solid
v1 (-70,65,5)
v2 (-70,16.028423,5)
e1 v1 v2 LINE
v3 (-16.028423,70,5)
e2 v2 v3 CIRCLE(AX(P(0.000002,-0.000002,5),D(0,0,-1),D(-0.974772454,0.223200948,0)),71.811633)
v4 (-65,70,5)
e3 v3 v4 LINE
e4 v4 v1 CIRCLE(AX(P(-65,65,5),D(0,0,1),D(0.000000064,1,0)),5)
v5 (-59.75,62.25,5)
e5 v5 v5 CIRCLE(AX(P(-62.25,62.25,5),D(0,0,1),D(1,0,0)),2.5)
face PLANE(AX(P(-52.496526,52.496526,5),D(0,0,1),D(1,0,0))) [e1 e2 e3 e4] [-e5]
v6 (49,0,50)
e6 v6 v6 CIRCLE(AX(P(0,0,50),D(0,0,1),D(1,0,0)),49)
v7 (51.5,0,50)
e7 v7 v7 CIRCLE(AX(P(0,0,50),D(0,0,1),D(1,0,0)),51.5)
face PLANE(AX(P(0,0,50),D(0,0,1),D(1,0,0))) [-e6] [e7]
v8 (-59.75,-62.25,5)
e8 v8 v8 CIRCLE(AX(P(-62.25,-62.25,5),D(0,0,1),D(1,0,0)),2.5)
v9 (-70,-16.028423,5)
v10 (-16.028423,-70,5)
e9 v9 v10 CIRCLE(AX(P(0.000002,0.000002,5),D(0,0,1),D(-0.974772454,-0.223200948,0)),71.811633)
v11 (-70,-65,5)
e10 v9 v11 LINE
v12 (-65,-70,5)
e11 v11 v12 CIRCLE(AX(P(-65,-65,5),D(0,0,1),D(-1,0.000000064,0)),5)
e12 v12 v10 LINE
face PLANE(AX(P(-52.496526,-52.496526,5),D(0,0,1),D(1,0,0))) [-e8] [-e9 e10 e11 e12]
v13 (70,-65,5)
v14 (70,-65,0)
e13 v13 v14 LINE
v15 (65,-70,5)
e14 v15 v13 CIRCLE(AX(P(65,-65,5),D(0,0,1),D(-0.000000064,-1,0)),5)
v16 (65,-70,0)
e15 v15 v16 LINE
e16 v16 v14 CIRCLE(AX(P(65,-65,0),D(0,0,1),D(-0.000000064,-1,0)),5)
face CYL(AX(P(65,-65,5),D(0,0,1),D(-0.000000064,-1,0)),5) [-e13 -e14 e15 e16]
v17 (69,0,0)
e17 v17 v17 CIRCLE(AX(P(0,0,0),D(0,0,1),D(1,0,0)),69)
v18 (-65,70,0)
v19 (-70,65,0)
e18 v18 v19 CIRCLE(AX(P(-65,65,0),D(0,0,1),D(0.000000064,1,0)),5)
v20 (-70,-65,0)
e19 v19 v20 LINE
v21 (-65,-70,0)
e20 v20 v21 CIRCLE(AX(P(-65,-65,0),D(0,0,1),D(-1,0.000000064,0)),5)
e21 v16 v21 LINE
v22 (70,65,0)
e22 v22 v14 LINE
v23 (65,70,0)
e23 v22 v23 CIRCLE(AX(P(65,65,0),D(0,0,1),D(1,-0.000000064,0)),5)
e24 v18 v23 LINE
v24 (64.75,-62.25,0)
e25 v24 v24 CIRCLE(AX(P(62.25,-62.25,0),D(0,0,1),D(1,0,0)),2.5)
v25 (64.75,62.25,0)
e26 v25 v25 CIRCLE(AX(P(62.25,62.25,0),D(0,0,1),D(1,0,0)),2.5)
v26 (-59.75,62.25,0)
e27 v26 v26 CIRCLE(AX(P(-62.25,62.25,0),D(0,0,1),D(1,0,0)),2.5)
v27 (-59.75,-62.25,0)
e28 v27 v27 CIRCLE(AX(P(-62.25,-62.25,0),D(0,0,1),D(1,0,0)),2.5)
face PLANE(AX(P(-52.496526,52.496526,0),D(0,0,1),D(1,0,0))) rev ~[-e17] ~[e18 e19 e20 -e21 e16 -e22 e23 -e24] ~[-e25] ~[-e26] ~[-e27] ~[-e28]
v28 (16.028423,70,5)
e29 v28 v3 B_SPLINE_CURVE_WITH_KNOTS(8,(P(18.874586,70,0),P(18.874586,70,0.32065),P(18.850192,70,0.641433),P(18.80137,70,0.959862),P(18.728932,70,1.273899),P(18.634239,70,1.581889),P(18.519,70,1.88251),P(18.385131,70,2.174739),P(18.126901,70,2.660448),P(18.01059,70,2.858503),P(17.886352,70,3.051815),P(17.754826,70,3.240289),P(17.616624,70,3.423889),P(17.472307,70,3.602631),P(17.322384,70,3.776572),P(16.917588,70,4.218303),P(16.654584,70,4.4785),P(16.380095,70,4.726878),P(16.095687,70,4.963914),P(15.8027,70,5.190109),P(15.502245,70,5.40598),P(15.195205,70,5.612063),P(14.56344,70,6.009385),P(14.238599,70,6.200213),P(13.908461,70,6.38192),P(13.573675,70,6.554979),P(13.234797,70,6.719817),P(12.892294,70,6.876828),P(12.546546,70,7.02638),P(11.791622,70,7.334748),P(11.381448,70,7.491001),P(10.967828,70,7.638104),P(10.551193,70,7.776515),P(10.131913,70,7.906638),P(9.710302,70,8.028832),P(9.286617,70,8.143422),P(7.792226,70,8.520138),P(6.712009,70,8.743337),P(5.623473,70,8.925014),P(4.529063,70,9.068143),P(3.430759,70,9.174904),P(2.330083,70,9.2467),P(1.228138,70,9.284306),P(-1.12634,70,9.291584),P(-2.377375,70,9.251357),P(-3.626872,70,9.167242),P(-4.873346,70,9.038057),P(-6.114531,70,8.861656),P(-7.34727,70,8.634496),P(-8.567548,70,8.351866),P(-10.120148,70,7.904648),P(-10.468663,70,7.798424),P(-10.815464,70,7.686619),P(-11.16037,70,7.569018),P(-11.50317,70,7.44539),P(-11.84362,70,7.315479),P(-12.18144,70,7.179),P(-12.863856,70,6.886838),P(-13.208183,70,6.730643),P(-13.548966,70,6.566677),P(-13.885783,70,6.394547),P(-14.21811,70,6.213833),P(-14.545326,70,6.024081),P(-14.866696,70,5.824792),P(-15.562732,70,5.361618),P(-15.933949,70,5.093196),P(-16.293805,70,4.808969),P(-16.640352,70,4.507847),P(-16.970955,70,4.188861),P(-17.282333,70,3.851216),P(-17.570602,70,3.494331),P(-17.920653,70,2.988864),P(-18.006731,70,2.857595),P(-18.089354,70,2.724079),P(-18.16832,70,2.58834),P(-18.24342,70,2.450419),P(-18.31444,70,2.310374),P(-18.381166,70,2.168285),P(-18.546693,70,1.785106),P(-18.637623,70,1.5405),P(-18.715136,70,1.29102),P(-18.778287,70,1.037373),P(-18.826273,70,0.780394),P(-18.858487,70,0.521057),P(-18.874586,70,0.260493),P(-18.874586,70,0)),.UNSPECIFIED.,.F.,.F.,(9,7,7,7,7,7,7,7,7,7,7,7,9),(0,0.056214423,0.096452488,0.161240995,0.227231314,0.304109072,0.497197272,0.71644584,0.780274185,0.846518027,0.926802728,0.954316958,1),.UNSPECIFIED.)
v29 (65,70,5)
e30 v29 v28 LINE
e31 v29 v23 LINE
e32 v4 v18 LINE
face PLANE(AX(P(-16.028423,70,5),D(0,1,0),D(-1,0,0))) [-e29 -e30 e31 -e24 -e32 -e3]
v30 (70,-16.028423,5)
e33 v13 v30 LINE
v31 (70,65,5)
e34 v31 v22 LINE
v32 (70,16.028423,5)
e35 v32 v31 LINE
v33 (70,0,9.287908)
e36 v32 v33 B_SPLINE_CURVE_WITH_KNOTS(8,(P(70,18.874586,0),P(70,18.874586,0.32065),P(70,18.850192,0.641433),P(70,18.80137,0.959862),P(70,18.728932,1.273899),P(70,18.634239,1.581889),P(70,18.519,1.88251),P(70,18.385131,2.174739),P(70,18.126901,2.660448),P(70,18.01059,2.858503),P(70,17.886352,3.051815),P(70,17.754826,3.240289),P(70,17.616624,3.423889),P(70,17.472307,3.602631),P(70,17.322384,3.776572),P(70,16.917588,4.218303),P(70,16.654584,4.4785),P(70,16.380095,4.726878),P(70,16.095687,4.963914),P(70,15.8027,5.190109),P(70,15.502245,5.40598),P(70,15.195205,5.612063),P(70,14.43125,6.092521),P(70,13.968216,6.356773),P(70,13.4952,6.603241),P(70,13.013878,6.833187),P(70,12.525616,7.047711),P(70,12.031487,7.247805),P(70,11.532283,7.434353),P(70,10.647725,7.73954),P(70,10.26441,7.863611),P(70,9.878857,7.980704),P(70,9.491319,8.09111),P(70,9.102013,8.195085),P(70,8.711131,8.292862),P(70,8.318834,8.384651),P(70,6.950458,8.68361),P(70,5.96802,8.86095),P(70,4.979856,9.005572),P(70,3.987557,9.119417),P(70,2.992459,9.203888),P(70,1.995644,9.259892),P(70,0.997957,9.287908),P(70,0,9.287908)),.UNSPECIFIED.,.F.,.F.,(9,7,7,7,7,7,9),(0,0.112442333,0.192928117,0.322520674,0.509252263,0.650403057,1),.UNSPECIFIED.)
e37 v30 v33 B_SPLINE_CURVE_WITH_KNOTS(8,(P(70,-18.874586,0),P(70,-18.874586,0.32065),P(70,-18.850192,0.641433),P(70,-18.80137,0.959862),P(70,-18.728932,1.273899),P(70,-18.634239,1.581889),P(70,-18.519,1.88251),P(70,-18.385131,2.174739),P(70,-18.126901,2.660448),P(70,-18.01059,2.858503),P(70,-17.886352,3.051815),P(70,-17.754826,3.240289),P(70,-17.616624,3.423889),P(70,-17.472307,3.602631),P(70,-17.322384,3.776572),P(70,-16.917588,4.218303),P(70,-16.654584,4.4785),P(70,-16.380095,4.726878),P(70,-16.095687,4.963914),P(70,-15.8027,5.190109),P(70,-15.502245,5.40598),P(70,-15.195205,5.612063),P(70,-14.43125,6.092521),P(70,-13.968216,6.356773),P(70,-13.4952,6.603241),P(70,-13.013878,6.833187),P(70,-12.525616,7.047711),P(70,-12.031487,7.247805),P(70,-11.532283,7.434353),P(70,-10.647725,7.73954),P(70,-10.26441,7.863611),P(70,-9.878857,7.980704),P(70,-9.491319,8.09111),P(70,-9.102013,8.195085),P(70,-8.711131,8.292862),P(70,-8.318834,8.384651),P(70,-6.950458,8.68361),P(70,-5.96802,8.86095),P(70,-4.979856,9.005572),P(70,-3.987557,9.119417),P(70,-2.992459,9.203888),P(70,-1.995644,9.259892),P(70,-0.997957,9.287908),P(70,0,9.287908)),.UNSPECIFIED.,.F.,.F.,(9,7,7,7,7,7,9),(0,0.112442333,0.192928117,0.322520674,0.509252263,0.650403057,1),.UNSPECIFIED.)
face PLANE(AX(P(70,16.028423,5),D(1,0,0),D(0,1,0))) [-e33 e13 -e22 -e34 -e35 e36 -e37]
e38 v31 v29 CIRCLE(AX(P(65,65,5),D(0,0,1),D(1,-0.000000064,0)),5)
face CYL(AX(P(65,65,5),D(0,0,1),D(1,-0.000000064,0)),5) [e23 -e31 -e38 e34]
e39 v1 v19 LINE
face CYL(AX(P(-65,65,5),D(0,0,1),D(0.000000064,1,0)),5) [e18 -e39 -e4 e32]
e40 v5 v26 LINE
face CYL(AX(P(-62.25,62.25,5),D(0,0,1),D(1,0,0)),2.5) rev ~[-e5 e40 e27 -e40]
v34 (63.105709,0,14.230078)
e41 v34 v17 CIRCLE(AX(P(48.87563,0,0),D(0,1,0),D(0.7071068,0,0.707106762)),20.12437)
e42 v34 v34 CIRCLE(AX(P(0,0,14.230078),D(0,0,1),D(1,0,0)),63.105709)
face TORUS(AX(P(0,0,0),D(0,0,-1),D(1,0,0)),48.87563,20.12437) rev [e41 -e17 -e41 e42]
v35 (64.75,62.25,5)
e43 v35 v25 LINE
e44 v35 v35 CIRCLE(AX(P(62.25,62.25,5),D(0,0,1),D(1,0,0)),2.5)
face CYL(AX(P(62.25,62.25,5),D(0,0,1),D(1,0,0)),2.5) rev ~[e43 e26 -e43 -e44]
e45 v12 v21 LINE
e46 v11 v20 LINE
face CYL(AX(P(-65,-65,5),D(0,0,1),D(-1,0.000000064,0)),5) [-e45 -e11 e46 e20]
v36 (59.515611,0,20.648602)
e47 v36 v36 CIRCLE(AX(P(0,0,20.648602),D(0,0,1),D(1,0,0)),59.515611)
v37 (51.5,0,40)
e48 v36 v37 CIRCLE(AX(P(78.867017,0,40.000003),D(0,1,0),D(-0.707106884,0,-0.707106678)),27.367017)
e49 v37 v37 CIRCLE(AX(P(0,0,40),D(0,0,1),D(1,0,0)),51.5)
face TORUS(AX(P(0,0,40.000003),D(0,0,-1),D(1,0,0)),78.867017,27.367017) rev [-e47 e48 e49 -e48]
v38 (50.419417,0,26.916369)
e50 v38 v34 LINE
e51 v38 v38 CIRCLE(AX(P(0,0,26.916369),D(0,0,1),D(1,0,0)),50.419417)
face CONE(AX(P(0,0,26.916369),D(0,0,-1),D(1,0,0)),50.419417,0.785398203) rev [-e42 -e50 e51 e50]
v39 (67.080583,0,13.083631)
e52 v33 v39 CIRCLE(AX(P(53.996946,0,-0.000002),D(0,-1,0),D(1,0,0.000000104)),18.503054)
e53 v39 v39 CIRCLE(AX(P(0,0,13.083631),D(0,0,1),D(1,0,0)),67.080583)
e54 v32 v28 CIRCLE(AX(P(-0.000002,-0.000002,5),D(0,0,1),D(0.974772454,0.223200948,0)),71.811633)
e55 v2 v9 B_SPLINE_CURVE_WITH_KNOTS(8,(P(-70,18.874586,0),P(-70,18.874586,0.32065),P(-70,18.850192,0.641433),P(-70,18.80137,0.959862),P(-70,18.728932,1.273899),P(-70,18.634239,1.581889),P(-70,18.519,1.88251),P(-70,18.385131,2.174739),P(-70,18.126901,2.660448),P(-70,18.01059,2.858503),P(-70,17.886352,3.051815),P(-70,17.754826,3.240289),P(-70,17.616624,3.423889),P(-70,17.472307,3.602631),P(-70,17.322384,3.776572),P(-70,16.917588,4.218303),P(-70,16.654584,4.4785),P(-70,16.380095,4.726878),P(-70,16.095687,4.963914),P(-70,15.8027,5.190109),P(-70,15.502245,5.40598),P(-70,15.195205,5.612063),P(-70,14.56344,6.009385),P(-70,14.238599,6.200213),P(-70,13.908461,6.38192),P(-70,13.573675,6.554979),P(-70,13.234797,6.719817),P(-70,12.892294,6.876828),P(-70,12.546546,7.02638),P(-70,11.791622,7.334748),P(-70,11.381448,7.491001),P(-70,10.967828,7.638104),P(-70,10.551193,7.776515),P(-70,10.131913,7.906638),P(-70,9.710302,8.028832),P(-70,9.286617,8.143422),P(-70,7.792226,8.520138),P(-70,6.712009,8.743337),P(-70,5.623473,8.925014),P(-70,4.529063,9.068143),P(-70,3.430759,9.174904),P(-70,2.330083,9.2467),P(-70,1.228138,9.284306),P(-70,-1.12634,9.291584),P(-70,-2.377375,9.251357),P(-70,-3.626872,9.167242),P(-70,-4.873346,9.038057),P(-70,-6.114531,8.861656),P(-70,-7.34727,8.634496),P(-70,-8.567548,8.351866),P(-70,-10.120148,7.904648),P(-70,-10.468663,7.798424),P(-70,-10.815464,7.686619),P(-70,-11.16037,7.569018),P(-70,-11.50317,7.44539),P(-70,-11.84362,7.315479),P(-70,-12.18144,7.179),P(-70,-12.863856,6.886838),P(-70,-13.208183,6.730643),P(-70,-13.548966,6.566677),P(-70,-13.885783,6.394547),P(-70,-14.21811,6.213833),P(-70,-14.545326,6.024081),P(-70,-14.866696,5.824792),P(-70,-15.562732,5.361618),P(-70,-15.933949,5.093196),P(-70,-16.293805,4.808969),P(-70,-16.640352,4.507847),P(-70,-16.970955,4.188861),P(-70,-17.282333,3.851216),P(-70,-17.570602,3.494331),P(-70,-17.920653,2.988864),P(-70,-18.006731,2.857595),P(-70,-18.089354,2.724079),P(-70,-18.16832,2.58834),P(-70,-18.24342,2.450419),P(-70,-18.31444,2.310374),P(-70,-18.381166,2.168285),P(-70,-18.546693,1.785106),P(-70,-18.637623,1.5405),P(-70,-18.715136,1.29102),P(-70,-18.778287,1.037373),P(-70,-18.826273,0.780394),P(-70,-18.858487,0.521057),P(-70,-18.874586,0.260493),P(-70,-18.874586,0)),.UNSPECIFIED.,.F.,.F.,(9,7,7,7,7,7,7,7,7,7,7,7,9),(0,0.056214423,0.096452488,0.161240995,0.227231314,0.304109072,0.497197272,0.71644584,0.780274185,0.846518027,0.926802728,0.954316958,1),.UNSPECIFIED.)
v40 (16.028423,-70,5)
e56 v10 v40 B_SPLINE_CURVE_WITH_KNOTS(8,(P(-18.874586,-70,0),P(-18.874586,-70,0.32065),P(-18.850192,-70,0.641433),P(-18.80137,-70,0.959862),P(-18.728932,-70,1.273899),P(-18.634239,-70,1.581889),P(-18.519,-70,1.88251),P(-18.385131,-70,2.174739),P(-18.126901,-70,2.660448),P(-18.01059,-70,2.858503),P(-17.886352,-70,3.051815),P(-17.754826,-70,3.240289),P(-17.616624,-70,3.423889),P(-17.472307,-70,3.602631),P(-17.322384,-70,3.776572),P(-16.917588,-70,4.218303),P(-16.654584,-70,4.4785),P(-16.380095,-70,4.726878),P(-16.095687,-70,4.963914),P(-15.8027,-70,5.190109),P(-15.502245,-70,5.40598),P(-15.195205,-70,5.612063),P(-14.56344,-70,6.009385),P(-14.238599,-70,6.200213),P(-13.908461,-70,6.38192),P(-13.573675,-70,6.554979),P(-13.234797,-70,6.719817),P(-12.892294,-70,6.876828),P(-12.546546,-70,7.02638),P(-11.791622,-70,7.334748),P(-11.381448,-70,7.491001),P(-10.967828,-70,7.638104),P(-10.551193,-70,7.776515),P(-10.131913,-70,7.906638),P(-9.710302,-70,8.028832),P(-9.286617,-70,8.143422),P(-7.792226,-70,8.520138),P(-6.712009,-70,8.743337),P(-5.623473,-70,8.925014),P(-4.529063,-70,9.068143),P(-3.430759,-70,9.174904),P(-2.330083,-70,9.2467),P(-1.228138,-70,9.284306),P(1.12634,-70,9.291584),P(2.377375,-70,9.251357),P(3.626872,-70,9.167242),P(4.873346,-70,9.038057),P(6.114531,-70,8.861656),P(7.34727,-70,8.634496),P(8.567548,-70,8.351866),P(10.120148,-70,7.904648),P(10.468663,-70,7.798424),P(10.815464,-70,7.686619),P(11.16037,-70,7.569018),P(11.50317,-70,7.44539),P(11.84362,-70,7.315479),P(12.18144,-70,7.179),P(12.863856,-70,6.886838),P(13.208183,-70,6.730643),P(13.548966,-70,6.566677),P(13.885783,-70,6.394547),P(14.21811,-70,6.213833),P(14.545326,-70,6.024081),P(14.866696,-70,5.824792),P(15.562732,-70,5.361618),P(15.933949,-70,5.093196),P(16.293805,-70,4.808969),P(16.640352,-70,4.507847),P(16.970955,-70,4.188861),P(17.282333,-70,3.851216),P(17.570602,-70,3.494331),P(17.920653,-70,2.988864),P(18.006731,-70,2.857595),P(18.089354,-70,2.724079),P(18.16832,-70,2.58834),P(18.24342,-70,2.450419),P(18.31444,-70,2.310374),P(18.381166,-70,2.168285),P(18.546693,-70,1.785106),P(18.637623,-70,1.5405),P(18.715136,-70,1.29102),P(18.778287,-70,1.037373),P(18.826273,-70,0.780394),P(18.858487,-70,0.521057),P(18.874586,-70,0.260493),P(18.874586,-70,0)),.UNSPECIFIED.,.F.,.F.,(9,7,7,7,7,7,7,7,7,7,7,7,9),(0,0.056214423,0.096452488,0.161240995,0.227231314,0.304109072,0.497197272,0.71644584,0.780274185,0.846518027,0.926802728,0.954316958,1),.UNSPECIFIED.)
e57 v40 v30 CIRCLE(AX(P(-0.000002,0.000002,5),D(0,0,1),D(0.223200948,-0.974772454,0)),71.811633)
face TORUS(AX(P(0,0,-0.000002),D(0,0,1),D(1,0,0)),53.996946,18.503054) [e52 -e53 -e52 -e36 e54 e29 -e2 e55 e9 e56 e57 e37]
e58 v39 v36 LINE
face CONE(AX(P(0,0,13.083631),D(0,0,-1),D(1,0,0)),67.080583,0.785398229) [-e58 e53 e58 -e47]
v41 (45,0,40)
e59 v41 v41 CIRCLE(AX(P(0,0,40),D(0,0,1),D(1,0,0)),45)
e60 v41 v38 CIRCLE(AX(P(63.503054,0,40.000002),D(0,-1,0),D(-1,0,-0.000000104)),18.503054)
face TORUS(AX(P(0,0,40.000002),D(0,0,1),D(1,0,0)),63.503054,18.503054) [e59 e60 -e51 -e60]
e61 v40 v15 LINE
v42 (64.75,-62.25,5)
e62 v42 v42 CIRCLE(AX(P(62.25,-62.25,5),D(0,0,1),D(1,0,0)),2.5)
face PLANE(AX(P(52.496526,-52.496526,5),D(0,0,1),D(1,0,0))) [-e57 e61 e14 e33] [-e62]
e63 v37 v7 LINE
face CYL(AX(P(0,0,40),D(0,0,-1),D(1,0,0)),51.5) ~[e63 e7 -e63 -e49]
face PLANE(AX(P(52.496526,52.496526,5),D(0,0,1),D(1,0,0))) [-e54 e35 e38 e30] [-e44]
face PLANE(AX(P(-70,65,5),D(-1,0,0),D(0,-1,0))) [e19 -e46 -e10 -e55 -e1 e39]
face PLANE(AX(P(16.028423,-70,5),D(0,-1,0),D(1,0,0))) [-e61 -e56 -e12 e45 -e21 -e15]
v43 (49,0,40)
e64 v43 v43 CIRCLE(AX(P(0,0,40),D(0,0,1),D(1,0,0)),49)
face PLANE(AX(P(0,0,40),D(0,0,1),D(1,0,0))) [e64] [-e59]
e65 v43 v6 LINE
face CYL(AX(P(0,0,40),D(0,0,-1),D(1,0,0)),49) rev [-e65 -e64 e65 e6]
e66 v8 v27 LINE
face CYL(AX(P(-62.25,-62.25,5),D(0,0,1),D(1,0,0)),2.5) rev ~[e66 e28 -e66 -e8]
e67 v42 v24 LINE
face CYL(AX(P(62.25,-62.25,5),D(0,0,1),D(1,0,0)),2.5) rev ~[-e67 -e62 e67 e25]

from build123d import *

# Parameters (mm, degrees)
F2_R      = 51.5
F2_R_2    = 49
F5_DEPTH  = 10
F7_R      = 2.5
F8_DEPTH  = 5
F9_W      = 160.924614
F9_H      = 163.103462
F9_W_2    = 140
F9_H_2    = 140
F10_DEPTH = 10


with BuildPart() as f4:
    # F3 (on Front) → F4 (revolve)
    with BuildSketch(Plane.XZ):
        with BuildLine():
            ThreePointArc((63.105709, 14.230078), (67.468124, 7.701262), (69, 0))
            Line((69, 0), (72.5, 0))
            ThreePointArc((72.5, 0), (71.091539, 7.08081), (67.080583, 13.083631))
            Line((67.080583, 13.083631), (59.515611, 20.648602))
            ThreePointArc((59.515611, 20.648602), (53.58319, 29.527099), (51.5, 40))
            Line((51.5, 40), (45, 40))
            ThreePointArc((45, 40), (46.408461, 32.91919), (50.419417, 26.916369))
            Line((50.419417, 26.916369), (63.105709, 14.230078))
        make_face()
    revolve(axis=Axis((0, 0, 20), (0, 0, 1)))

    # F2 (on offset) → F5 (join)
    with BuildSketch(Plane.XY.offset(40)):
        Circle(F2_R)
        Circle(F2_R_2, mode=Mode.SUBTRACT)
    extrude(amount=F5_DEPTH)

    # F7 (on offset) → F8 (join)
    with BuildSketch(Plane.XY.offset(5)):
        with BuildLine():
            Line((-70, 65), (-70, 16.028423))
            ThreePointArc((-70, 16.028423), (-50.778491, 50.778491), (-16.028423, 70))
            Line((-16.028423, 70), (-65, 70))
            ThreePointArc((-65, 70), (-68.535534, 68.535534), (-70, 65))
        make_face()
        with Locations((-62.25, 62.25)):
            Circle(F7_R, mode=Mode.SUBTRACT)
        with BuildLine():
            ThreePointArc((-16.028423, -70), (-50.778491, -50.778491), (-70, -16.028423))
            Line((-70, -16.028423), (-70, -65))
            ThreePointArc((-70, -65), (-68.535534, -68.535534), (-65, -70))
            Line((-65, -70), (-16.028423, -70))
        make_face()
        with Locations((-62.25, -62.25)):
            Circle(F7_R, mode=Mode.SUBTRACT)
        with BuildLine():
            ThreePointArc((70, -16.028423), (50.778491, -50.778491), (16.028423, -70))
            Line((16.028423, -70), (65, -70))
            ThreePointArc((65, -70), (68.535534, -68.535534), (70, -65))
            Line((70, -65), (70, -16.028423))
        make_face()
        with Locations((62.25, -62.25)):
            Circle(F7_R, mode=Mode.SUBTRACT)
        with BuildLine():
            Line((65, 70), (16.028423, 70))
            ThreePointArc((16.028423, 70), (50.778491, 50.778491), (70, 16.028423))
            Line((70, 16.028423), (70, 65))
            ThreePointArc((70, 65), (68.535534, 68.535534), (65, 70))
        make_face()
        with Locations((62.25, 62.25)):
            Circle(F7_R, mode=Mode.SUBTRACT)
    extrude(amount=-F8_DEPTH)

    # F9 (on Top) → F10 (cut)
    with BuildSketch(Plane.XY):
        Rectangle(F9_W, F9_H)
        Rectangle(F9_W_2, F9_H_2, mode=Mode.SUBTRACT)
    extrude(amount=F10_DEPTH, mode=Mode.SUBTRACT)


solid = f4.part
